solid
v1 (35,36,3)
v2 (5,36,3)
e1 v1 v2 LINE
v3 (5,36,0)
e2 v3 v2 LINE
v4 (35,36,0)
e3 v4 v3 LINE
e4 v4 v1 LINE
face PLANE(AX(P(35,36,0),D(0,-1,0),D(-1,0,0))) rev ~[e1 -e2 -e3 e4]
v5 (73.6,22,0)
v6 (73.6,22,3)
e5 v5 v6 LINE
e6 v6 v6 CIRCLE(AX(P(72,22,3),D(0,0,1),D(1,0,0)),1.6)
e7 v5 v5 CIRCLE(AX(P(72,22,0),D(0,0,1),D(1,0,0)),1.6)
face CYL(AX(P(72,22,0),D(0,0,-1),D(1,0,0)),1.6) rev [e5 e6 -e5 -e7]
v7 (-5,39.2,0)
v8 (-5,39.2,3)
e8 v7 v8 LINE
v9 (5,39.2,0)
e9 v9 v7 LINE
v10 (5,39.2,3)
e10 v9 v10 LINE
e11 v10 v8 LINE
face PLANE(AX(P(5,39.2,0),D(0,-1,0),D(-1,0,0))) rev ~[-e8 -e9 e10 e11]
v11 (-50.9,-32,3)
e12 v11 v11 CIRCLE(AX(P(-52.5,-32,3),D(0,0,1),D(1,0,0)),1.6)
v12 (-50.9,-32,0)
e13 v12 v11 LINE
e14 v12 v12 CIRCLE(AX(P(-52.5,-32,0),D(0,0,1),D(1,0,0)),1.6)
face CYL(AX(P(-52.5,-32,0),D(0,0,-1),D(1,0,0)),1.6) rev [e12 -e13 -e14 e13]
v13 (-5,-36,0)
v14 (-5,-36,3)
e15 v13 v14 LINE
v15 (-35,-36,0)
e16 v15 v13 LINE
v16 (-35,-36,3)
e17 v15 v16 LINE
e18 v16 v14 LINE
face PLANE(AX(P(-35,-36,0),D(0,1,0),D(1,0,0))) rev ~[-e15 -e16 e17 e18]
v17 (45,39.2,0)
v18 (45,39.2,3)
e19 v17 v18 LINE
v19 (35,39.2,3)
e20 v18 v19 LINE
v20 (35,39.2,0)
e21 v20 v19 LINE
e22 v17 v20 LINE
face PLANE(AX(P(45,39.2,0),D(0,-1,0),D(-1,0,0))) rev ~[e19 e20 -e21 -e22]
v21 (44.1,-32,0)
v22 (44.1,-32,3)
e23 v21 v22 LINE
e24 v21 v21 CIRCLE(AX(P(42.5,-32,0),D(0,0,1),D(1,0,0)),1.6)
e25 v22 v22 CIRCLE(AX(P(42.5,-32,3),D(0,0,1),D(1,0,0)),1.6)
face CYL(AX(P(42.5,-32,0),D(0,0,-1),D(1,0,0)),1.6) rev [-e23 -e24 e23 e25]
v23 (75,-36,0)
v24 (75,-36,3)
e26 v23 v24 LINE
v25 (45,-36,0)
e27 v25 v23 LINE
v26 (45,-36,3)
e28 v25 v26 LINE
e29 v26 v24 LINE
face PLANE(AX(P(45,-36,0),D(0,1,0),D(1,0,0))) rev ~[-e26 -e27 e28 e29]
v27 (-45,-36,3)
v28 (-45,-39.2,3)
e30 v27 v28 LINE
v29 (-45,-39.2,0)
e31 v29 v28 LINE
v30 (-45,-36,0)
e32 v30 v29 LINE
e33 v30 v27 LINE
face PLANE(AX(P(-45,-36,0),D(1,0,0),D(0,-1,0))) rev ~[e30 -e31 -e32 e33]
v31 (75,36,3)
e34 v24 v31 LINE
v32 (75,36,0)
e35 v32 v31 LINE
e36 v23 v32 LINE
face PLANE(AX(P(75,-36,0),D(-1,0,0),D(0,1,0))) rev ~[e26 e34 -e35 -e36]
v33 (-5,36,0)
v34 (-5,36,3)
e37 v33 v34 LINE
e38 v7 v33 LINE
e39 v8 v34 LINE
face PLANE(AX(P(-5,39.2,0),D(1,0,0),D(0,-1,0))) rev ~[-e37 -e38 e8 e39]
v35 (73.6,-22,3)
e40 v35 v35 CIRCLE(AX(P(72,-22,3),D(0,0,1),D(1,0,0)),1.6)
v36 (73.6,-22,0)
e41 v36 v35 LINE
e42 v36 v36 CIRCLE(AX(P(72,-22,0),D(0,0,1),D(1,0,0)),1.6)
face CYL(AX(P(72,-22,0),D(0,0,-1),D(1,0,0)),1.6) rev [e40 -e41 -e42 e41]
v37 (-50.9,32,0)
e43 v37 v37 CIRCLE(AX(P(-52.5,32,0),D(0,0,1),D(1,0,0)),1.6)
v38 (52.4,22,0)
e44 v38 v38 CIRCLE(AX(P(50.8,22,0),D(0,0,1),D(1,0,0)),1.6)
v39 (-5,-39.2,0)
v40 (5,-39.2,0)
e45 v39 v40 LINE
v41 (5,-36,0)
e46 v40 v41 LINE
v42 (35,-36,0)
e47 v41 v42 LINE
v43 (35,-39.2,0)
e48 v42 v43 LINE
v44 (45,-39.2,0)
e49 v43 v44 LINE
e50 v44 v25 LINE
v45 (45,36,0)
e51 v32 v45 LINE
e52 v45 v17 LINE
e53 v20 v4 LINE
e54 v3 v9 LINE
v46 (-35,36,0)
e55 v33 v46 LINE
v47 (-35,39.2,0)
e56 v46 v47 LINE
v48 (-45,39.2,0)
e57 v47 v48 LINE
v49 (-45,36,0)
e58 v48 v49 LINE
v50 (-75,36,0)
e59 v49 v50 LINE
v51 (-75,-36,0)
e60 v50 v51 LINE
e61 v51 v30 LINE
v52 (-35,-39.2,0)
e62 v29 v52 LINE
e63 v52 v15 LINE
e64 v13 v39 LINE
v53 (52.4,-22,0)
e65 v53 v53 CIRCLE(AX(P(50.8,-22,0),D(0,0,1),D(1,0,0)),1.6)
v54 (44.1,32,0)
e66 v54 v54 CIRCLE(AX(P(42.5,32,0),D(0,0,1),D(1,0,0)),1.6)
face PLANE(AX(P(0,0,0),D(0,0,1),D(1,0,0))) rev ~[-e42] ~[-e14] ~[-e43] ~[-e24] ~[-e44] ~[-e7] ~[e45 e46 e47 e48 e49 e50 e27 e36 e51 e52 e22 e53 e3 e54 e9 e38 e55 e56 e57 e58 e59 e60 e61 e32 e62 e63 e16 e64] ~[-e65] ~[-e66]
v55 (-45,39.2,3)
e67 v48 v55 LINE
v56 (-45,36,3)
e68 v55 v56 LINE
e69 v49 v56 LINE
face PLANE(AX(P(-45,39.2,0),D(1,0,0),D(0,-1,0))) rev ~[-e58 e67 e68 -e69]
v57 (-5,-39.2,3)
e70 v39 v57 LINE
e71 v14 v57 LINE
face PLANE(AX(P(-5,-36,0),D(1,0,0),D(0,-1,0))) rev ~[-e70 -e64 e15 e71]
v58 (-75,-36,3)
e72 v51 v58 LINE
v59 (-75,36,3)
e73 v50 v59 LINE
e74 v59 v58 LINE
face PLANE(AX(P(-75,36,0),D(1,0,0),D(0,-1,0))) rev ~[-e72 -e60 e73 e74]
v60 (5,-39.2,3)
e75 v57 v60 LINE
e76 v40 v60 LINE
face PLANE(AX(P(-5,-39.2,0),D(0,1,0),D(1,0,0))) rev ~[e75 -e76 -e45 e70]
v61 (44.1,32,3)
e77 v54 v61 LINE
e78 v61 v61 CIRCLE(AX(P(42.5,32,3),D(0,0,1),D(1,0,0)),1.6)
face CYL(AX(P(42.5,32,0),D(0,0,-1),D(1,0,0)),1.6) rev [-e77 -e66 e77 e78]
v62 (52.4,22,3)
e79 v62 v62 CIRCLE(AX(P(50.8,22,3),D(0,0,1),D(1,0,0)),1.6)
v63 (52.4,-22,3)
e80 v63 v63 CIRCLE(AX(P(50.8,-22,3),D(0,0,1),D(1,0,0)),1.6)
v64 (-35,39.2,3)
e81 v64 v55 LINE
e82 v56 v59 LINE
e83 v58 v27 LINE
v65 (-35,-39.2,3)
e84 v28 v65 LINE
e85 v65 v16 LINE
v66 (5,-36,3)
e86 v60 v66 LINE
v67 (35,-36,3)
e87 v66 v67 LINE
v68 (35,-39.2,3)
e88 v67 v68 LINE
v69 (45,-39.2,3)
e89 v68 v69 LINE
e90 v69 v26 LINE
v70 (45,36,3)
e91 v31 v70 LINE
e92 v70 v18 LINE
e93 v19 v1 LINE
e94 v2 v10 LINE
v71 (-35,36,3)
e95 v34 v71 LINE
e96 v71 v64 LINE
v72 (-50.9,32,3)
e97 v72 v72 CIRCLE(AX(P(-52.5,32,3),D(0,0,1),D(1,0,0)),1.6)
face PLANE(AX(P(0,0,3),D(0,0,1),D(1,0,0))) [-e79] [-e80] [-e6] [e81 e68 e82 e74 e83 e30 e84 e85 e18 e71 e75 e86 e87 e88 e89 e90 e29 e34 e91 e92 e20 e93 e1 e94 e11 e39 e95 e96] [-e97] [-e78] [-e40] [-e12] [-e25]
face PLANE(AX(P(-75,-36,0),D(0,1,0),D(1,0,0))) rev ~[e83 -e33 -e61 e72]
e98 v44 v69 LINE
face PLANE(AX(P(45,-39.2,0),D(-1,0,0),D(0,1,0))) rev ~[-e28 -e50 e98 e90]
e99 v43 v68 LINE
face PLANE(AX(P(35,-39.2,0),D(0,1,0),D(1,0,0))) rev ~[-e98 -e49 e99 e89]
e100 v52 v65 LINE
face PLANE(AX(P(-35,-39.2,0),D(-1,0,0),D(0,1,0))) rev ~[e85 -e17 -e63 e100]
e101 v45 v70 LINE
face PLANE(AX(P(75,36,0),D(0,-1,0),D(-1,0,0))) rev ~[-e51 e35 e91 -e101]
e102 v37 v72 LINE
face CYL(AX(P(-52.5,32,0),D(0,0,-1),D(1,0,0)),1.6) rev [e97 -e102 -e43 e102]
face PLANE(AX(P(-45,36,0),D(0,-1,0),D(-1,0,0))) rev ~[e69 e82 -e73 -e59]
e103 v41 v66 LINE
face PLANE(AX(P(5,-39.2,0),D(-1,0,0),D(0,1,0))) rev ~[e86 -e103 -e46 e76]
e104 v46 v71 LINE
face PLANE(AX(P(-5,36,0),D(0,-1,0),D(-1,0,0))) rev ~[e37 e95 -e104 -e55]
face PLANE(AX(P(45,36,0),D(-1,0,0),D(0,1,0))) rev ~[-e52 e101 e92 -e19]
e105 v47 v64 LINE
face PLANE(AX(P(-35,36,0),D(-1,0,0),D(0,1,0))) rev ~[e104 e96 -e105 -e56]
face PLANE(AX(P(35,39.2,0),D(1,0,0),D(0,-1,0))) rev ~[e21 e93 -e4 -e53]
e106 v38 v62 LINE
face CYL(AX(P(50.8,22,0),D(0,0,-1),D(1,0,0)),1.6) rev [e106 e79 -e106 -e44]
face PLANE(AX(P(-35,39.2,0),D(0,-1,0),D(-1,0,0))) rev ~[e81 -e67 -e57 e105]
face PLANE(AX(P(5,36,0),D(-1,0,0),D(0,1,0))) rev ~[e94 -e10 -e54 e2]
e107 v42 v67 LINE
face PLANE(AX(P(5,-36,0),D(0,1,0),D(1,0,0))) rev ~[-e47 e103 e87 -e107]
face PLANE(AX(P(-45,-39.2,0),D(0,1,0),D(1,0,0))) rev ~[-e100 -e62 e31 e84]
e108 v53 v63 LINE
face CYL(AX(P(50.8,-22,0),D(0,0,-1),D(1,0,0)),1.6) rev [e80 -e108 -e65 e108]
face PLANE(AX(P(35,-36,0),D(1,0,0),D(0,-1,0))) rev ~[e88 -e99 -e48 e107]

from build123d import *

# Parameters (mm, degrees)
F0_R     = 1.6
F1_DEPTH = 3


with BuildPart() as f1:
    # F0 (on Top) → F1 (new body)
    with BuildSketch(Plane.XY):
        Polygon((-45, 36), (-75, 36), (-75, -36), (-45, -36), (-45, -39.2), (-35, -39.2), (-35, -36), (-5.533858, -36), (-5, -36), (-5, -39.2), (5, -39.2), (5, -36), (5.533858, -36), (35, -36), (35, -39.2), (45, -39.2), (45, -36), (75, -36), (75, 36), (45, 36), (45, 39.2), (35, 39.2), (35, 36), (5.533858, 36), (5, 36), (5, 39.2), (-5, 39.2), (-5, 36), (-5.533858, 36), (-35, 36), (-35, 39.2), (-45, 39.2), align=None)
        with Locations((-52.5, -32)):
            Circle(F0_R, mode=Mode.SUBTRACT)
        with Locations((42.5, -32)):
            Circle(F0_R, mode=Mode.SUBTRACT)
        with Locations((50.8, -22)):
            Circle(F0_R, mode=Mode.SUBTRACT)
        with Locations((72, -22)):
            Circle(F0_R, mode=Mode.SUBTRACT)
        with Locations((-52.5, 32)):
            Circle(F0_R, mode=Mode.SUBTRACT)
        with Locations((50.8, 22)):
            Circle(F0_R, mode=Mode.SUBTRACT)
        with Locations((72, 22)):
            Circle(F0_R, mode=Mode.SUBTRACT)
        with Locations((42.5, 32)):
            Circle(F0_R, mode=Mode.SUBTRACT)
    extrude(amount=F1_DEPTH)


solid = f1.part
